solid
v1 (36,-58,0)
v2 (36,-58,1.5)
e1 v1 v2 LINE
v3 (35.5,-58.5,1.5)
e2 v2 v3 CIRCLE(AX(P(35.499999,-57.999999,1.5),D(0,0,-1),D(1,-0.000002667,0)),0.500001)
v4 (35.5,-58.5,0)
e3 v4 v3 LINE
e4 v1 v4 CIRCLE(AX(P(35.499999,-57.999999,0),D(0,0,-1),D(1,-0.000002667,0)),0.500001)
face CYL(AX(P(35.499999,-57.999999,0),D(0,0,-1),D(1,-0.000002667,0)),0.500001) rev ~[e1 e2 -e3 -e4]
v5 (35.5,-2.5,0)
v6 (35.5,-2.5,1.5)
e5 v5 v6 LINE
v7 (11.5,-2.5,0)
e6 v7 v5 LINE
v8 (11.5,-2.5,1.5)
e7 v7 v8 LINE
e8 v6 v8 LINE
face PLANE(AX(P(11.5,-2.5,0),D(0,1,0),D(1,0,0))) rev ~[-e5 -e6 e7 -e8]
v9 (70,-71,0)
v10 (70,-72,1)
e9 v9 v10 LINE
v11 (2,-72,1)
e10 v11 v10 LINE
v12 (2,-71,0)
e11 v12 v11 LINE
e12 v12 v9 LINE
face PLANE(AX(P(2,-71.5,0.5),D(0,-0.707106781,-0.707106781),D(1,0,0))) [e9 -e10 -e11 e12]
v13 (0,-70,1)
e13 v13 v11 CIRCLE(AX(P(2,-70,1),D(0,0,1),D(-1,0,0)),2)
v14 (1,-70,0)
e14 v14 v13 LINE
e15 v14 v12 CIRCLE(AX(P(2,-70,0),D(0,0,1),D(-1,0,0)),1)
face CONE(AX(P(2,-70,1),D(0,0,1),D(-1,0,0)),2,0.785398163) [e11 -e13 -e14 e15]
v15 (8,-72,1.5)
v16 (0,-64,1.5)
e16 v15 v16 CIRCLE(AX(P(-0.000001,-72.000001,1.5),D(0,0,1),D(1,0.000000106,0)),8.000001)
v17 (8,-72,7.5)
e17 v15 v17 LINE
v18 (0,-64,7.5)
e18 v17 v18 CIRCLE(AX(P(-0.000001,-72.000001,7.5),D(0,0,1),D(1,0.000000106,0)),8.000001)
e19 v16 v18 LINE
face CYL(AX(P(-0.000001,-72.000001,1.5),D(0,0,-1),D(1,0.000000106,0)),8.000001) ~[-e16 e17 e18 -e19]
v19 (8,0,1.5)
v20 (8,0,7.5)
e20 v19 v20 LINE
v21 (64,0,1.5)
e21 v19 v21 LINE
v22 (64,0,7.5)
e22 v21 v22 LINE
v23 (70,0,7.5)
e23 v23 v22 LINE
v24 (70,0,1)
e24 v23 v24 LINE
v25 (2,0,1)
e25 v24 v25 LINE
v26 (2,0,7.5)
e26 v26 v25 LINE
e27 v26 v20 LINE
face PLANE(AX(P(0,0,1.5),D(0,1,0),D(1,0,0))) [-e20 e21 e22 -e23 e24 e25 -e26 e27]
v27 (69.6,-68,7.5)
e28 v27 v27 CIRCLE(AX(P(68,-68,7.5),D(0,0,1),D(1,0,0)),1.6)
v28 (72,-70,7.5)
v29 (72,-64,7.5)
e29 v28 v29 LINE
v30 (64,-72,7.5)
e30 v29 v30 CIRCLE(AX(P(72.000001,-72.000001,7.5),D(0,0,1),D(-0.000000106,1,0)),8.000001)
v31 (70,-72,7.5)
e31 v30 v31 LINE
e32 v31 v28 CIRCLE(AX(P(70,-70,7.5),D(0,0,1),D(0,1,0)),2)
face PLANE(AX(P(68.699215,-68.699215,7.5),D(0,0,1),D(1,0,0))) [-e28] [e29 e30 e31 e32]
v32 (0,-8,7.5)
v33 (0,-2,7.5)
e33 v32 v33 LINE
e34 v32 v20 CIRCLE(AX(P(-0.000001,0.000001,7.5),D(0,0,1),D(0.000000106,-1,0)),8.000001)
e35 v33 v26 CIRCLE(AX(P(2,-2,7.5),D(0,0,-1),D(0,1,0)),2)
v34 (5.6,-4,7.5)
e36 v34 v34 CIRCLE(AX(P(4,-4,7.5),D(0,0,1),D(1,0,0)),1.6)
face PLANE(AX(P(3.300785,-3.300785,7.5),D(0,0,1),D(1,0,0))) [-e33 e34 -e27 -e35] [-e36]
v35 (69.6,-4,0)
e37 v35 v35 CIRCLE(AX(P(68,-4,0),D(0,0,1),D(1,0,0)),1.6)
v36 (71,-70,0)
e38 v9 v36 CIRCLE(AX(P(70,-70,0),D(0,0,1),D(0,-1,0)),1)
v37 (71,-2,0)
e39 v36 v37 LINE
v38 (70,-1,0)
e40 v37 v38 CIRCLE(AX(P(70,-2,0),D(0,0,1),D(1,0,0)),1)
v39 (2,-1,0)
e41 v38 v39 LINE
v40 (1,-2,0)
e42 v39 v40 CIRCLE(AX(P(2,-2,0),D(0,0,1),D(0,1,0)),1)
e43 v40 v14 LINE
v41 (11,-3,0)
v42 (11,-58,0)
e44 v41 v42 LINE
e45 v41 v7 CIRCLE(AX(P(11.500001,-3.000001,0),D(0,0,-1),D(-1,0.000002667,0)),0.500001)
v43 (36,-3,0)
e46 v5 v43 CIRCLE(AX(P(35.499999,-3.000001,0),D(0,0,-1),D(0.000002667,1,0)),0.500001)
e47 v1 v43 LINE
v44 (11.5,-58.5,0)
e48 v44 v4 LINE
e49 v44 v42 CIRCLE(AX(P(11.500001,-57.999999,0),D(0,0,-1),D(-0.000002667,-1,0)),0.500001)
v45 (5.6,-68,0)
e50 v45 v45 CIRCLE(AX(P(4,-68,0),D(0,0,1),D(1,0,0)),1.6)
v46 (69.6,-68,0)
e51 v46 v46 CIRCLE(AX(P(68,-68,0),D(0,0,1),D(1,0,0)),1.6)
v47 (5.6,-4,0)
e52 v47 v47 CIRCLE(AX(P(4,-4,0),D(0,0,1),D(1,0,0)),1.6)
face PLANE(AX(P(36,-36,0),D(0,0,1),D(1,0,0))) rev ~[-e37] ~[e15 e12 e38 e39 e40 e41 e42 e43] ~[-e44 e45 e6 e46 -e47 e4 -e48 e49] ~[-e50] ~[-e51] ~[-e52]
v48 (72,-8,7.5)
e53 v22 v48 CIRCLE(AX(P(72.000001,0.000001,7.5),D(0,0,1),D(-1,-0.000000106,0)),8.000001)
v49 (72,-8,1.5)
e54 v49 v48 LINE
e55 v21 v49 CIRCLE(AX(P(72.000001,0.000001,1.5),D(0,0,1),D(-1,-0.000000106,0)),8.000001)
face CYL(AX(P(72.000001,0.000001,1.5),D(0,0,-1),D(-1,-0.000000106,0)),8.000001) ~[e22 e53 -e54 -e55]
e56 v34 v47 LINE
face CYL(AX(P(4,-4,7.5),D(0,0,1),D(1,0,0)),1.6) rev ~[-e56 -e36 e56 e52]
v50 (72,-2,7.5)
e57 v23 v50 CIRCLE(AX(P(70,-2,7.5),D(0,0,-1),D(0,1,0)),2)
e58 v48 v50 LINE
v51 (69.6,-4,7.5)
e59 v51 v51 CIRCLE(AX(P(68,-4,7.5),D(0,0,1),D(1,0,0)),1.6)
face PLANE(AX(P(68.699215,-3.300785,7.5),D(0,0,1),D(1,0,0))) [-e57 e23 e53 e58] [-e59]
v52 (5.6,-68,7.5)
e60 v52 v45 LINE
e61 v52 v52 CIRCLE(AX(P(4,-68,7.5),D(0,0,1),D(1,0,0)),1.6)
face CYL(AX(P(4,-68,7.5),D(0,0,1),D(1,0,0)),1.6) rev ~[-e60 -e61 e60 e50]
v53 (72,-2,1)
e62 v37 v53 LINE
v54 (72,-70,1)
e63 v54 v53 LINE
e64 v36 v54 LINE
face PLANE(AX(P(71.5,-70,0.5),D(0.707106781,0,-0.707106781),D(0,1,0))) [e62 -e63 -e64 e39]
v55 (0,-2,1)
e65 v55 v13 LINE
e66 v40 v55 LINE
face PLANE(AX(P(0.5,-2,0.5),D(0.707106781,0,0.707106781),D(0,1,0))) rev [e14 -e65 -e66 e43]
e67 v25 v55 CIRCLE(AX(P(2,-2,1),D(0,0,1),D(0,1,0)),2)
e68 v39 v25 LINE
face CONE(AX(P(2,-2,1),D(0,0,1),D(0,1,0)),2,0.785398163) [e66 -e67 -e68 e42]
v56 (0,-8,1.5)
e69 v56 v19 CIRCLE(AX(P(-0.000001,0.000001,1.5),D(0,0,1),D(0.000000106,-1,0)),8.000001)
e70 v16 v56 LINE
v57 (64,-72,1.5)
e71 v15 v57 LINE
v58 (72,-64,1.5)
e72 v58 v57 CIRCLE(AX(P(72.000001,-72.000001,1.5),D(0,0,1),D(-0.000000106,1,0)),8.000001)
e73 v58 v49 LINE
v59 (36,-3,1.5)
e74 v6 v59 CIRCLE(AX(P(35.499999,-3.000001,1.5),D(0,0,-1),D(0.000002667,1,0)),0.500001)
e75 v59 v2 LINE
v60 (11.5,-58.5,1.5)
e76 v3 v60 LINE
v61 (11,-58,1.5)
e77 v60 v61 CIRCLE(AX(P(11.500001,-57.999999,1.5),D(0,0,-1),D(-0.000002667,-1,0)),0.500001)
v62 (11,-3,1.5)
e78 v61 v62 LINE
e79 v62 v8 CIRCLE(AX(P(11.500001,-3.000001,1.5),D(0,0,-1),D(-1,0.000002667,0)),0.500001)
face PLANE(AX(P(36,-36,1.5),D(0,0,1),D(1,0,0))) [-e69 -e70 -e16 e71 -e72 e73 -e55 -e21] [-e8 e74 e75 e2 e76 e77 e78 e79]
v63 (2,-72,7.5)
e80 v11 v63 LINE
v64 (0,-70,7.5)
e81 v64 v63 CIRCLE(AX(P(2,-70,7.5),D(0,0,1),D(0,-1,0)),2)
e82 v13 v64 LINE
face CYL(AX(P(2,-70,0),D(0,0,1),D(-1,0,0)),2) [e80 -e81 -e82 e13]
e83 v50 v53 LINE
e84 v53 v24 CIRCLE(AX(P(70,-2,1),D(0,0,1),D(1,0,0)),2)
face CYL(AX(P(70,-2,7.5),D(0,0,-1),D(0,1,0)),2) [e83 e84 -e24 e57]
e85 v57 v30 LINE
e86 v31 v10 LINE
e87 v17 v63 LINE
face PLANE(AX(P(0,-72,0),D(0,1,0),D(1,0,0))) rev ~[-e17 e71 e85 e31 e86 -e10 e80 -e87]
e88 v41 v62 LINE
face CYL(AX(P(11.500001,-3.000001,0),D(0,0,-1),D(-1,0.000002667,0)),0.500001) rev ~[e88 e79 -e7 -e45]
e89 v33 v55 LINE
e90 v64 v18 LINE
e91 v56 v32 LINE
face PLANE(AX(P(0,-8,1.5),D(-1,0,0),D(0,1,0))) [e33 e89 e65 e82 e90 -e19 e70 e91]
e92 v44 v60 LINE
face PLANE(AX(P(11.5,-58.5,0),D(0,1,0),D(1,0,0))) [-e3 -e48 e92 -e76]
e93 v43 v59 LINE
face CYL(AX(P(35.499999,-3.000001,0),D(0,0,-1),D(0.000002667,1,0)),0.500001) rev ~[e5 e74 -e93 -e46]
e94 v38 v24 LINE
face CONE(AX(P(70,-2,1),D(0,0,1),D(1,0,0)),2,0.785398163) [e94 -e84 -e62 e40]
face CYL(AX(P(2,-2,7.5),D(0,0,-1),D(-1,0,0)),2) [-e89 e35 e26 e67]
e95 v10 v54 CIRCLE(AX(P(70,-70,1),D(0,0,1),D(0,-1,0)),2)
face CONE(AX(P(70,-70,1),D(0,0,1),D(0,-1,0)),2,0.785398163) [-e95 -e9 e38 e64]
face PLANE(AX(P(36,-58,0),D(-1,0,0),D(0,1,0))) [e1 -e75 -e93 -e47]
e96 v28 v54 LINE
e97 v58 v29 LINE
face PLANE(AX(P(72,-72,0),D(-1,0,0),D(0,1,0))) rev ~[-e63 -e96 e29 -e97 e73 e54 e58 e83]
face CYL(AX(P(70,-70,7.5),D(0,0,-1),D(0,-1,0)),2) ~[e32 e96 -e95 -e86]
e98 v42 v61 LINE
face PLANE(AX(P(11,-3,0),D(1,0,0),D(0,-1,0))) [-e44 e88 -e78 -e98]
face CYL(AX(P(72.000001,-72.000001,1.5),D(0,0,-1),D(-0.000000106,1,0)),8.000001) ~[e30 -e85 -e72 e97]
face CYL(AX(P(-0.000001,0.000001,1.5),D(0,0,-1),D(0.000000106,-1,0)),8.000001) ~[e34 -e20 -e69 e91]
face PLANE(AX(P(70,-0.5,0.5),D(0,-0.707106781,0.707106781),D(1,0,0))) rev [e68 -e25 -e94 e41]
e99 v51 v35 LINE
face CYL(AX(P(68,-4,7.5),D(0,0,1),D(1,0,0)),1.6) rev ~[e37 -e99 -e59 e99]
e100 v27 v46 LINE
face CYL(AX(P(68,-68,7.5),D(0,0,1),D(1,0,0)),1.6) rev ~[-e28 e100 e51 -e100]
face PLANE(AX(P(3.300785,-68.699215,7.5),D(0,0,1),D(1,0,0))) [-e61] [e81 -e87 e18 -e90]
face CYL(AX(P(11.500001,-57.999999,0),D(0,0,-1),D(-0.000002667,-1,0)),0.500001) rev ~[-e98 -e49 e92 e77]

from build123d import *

# Parameters (mm, degrees)
SKETCH_W        = 72
SKETCH_H        = 72
PAD_DEPTH       = 1.5
PAD001_DEPTH    = 6
SKETCH002_R     = 1.6
POCKET_DEPTH    = 7.501
FILLET_R        = 2
CHAMFER_SIZE    = 1
POCKET001_DEPTH = 5


with BuildPart() as part:
    # Sketch → Pad (new body)
    with BuildSketch(Plane.XY):
        with Locations((36, -36)):
            Rectangle(SKETCH_W, SKETCH_H)
    extrude(amount=PAD_DEPTH)

    # Sketch001 (on Face6 of Pad) → Pad001 (join)
    with BuildSketch(Plane.XY.offset(1.5)):
        with BuildLine():
            ThreePointArc((0, -8), (5.656854, -5.656854), (8, 0))
            Line((0, 0), (8, 0))
            Line((0, -8), (0, 0))
        make_face()
        with BuildLine():
            ThreePointArc((8, -72), (5.656854, -66.343146), (0, -64))
            Line((0, -72), (0, -64))
            Line((8, -72), (0, -72))
        make_face()
        with BuildLine():
            ThreePointArc((72, -64), (66.343146, -66.343146), (64, -72))
            Line((64, -72), (72, -72))
            Line((72, -72), (72, -64))
        make_face()
        with BuildLine():
            ThreePointArc((64, 0), (66.343146, -5.656854), (72, -8))
            Line((72, -8), (72, 0))
            Line((72, 0), (64, 0))
        make_face()
    extrude(amount=PAD001_DEPTH)

    # Sketch002 (on Face14 of Pad001) → Pocket (cut, through all)
    with BuildSketch(Plane.XY.offset(7.5)):
        with Locations((4, -4)):
            Circle(SKETCH002_R)
        with Locations((68, -4)):
            Circle(SKETCH002_R)
        with Locations((68, -68)):
            Circle(SKETCH002_R)
        with Locations((4, -68)):
            Circle(SKETCH002_R)
    extrude(amount=-POCKET_DEPTH, mode=Mode.SUBTRACT)

    # Fillet
    fillet_edges = [part.edges().sort_by_distance(p)[0] for p in [
        (0, 0, 4.5),
        (72, 0, 4.5),
        (0, -72, 4.5),
        (72, -72, 4.5),
    ]]
    fillet(fillet_edges, radius=FILLET_R)

    # Chamfer
    chamfer_edges = [part.edges().sort_by_distance(p)[0] for p in [
        (36, -72, 0),
    ]]
    chamfer(chamfer_edges, length=CHAMFER_SIZE)

    # Sketch003 (on Face11 of Chamfer) → Pocket001 (cut)
    with BuildSketch(Plane(origin=(0, 0, 0), x_dir=(1, 0, 0), z_dir=(0, 0, -1))):
        with BuildLine():
            ThreePointArc((11, 3), (11.146447, 2.646447), (11.5, 2.5))
            Line((11.5, 2.5), (35.5, 2.5))
            ThreePointArc((35.5, 2.5), (35.853553, 2.646447), (36, 3))
            Line((36, 58), (36, 3))
            ThreePointArc((36, 58), (35.853553, 58.353553), (35.5, 58.5))
            Line((11.5, 58.5), (35.5, 58.5))
            ThreePointArc((11.5, 58.5), (11.146447, 58.353553), (11, 58))
            Line((11, 3), (11, 58))
        make_face()
    extrude(amount=-POCKET001_DEPTH, mode=Mode.SUBTRACT)


solid = part.part
